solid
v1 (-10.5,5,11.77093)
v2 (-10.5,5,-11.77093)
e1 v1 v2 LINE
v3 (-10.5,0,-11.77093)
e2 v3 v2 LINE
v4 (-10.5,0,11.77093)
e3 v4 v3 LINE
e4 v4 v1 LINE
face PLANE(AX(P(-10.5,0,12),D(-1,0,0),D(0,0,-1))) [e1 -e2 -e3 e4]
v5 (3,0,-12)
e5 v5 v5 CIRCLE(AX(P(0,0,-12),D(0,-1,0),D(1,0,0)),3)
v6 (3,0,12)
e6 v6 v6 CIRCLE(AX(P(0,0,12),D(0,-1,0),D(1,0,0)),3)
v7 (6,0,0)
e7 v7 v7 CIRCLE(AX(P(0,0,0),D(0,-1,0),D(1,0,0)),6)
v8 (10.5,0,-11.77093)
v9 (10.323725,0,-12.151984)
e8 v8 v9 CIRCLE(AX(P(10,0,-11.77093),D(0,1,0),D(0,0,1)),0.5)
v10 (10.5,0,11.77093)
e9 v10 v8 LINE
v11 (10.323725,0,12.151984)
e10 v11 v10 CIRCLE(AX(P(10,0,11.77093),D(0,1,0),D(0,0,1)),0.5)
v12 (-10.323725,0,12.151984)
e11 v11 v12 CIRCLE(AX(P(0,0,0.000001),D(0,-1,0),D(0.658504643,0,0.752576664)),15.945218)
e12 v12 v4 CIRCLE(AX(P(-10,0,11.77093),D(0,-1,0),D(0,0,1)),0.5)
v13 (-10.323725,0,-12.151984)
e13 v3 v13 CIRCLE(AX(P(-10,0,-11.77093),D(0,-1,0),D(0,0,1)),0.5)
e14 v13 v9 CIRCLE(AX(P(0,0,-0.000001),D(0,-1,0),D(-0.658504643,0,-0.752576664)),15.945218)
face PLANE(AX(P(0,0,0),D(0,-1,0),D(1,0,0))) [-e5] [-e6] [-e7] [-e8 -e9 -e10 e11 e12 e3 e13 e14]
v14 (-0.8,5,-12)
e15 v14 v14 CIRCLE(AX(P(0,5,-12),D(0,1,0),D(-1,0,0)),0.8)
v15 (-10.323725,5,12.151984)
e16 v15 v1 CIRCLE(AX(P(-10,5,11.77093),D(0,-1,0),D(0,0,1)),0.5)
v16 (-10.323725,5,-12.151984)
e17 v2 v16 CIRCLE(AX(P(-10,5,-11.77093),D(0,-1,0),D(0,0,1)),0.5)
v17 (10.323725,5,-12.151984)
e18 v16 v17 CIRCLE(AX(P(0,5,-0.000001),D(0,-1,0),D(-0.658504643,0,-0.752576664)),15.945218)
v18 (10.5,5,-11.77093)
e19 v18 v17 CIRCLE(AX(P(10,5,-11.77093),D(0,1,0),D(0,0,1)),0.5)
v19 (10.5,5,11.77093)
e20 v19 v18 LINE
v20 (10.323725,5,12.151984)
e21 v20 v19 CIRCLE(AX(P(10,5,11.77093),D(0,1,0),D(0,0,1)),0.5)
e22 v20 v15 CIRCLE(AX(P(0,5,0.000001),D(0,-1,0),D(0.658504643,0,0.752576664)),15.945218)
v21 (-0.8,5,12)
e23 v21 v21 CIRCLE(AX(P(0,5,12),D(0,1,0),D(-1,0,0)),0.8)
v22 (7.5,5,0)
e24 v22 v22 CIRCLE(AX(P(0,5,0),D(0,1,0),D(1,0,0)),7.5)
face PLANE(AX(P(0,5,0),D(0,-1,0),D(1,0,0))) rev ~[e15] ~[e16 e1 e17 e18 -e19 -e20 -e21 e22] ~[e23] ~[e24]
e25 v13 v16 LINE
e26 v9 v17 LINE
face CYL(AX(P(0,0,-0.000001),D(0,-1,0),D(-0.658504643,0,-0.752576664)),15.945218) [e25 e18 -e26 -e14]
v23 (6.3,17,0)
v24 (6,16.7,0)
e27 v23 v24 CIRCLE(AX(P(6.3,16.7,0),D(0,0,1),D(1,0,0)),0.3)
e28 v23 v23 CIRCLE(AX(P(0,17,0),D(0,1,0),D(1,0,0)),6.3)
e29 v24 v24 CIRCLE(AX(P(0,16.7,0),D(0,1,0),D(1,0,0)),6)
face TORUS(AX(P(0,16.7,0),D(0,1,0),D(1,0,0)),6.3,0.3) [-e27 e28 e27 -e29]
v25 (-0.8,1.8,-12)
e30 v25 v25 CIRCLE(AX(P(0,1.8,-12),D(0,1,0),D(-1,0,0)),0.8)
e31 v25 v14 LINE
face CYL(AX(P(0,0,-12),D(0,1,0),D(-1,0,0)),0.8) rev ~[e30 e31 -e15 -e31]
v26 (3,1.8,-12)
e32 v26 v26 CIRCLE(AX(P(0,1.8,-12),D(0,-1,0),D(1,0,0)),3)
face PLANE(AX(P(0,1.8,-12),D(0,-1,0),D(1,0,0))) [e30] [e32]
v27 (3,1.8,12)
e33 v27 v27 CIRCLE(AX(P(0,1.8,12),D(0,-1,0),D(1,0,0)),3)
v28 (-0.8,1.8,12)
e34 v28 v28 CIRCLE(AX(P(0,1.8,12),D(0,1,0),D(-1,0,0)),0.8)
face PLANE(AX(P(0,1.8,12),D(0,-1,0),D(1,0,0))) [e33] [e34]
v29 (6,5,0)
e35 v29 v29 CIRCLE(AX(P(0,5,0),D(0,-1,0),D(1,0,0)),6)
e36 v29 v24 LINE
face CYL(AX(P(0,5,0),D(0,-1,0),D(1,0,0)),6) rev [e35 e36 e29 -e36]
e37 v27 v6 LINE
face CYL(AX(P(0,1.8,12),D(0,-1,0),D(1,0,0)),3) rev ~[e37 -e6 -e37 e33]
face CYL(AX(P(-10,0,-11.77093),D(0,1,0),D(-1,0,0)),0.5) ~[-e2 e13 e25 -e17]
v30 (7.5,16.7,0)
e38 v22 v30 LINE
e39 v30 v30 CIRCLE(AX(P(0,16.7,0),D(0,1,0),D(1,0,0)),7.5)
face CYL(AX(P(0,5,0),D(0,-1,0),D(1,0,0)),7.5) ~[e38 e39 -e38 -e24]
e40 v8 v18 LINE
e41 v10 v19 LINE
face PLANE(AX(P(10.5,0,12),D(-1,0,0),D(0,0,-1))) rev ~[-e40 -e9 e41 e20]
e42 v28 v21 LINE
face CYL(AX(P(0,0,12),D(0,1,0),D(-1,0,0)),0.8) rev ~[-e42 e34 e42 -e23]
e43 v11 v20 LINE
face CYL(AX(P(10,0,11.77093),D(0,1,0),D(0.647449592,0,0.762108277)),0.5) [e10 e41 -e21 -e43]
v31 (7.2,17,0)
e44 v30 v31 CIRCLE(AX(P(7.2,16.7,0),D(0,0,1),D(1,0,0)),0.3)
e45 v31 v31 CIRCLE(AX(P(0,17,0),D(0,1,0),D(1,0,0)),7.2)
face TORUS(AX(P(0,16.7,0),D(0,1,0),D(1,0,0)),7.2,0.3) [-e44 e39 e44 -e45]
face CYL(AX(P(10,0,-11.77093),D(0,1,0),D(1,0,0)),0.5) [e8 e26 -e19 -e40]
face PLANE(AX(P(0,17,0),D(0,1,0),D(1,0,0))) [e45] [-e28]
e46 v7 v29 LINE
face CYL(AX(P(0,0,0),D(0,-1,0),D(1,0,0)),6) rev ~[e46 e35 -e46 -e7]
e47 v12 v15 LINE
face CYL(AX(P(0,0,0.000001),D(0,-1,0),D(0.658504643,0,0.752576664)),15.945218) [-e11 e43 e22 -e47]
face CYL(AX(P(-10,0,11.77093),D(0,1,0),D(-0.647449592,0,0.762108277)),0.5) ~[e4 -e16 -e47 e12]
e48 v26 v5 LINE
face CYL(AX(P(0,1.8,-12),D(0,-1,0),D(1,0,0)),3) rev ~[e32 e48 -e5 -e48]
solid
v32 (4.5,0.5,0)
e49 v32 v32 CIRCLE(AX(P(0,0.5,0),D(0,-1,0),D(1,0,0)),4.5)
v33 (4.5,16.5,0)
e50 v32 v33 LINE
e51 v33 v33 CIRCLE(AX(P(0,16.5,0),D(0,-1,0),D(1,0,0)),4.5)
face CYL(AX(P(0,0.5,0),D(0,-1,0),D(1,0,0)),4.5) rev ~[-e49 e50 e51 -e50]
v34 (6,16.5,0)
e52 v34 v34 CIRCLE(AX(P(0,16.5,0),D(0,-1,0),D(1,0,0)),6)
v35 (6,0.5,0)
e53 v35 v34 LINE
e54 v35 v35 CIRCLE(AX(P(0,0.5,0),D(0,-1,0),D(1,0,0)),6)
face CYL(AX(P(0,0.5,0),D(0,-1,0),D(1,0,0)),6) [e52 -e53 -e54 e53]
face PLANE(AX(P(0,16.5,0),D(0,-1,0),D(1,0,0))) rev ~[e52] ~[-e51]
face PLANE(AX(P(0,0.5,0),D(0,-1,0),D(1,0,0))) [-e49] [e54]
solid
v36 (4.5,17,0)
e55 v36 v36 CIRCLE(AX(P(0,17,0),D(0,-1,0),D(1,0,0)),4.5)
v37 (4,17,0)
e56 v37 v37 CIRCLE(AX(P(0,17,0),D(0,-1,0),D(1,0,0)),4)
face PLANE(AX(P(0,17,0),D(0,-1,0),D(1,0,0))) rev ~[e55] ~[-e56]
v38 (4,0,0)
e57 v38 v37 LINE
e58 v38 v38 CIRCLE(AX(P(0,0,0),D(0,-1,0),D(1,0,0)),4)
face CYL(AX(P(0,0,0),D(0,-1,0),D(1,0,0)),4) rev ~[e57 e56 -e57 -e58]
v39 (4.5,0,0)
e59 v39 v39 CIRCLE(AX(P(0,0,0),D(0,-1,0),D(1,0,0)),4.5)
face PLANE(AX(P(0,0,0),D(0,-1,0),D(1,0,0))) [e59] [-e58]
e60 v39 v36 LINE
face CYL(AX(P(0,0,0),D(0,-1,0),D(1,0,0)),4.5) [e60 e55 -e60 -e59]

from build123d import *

# Parameters (mm, degrees)
SKETCH_R         = 6
PAD_DEPTH        = 5
HOLE_D           = 1.6
HOLE_CBORE_D     = 6
HOLE_CBORE_DEPTH = 1.8
SKETCH002_R      = 7.5
SKETCH002_R_2    = 6
PAD001_DEPTH     = 12
FILLET_R         = 0.5
FILLET001_R      = 0.3
SKETCH003_R      = 6
SKETCH003_R_2    = 4.5
PAD002_DEPTH     = 16
SKETCH004_R      = 4.5
SKETCH004_R_2    = 4
PAD003_DEPTH     = 17


with BuildPart() as body:
    # Sketch → Pad (new body)
    with BuildSketch(Plane.XZ):
        with BuildLine():
            ThreePointArc((10.5, 12), (0, 15.945219), (-10.5, 12))
            Line((-10.5, 12), (-10.5, -12))
            ThreePointArc((-10.5, -12), (0, -15.945219), (10.5, -12))
            Line((10.5, 12), (10.5, -12))
        make_face()
        Circle(SKETCH_R, mode=Mode.SUBTRACT)
    extrude(amount=-PAD_DEPTH)

    # Hole (through all)
    with Locations(Plane.XZ):
        with Locations((0, 12), (0, -12)):
            CounterBoreHole(HOLE_D / 2, HOLE_CBORE_D / 2, HOLE_CBORE_DEPTH)

    # Sketch002 (on Face5 of Hole) → Pad001 (join)
    with BuildSketch(Plane(origin=(0, 5, 0), x_dir=(1, 0, 0), z_dir=(0, 1, 0))):
        Circle(SKETCH002_R)
        Circle(SKETCH002_R_2, mode=Mode.SUBTRACT)
    extrude(amount=PAD001_DEPTH)

    # Fillet
    fillet_edges = [body.edges().sort_by_distance(p)[0] for p in [
        (10.5, 2.5, -12),
        (10.5, 2.5, 12),
        (-10.5, 2.5, 12),
        (-10.5, 2.5, -12),
    ]]
    fillet(fillet_edges, radius=FILLET_R)

    # Fillet001
    fillet001_edges = [body.edges().sort_by_distance(p)[0] for p in [
        (-7.5, 17, 0),
        (-6, 17, 0),
    ]]
    fillet(fillet001_edges, radius=FILLET001_R)


with BuildPart() as body001:
    # Sketch003 → Pad002 (new body)
    with BuildSketch(Plane.XZ):
        Circle(SKETCH003_R)
        Circle(SKETCH003_R_2, mode=Mode.SUBTRACT)
    extrude(amount=-PAD002_DEPTH)


with BuildPart() as body001_1:
    # Body001 placement: moved
    add(body001.part.moved(Location((0, 0.5, 0))))


with BuildPart() as body002:
    # Sketch004 → Pad003 (new body)
    with BuildSketch(Plane.XZ):
        Circle(SKETCH004_R)
        Circle(SKETCH004_R_2, mode=Mode.SUBTRACT)
    extrude(amount=-PAD003_DEPTH)


solid = Compound([body.part, body001_1.part, body002.part])
